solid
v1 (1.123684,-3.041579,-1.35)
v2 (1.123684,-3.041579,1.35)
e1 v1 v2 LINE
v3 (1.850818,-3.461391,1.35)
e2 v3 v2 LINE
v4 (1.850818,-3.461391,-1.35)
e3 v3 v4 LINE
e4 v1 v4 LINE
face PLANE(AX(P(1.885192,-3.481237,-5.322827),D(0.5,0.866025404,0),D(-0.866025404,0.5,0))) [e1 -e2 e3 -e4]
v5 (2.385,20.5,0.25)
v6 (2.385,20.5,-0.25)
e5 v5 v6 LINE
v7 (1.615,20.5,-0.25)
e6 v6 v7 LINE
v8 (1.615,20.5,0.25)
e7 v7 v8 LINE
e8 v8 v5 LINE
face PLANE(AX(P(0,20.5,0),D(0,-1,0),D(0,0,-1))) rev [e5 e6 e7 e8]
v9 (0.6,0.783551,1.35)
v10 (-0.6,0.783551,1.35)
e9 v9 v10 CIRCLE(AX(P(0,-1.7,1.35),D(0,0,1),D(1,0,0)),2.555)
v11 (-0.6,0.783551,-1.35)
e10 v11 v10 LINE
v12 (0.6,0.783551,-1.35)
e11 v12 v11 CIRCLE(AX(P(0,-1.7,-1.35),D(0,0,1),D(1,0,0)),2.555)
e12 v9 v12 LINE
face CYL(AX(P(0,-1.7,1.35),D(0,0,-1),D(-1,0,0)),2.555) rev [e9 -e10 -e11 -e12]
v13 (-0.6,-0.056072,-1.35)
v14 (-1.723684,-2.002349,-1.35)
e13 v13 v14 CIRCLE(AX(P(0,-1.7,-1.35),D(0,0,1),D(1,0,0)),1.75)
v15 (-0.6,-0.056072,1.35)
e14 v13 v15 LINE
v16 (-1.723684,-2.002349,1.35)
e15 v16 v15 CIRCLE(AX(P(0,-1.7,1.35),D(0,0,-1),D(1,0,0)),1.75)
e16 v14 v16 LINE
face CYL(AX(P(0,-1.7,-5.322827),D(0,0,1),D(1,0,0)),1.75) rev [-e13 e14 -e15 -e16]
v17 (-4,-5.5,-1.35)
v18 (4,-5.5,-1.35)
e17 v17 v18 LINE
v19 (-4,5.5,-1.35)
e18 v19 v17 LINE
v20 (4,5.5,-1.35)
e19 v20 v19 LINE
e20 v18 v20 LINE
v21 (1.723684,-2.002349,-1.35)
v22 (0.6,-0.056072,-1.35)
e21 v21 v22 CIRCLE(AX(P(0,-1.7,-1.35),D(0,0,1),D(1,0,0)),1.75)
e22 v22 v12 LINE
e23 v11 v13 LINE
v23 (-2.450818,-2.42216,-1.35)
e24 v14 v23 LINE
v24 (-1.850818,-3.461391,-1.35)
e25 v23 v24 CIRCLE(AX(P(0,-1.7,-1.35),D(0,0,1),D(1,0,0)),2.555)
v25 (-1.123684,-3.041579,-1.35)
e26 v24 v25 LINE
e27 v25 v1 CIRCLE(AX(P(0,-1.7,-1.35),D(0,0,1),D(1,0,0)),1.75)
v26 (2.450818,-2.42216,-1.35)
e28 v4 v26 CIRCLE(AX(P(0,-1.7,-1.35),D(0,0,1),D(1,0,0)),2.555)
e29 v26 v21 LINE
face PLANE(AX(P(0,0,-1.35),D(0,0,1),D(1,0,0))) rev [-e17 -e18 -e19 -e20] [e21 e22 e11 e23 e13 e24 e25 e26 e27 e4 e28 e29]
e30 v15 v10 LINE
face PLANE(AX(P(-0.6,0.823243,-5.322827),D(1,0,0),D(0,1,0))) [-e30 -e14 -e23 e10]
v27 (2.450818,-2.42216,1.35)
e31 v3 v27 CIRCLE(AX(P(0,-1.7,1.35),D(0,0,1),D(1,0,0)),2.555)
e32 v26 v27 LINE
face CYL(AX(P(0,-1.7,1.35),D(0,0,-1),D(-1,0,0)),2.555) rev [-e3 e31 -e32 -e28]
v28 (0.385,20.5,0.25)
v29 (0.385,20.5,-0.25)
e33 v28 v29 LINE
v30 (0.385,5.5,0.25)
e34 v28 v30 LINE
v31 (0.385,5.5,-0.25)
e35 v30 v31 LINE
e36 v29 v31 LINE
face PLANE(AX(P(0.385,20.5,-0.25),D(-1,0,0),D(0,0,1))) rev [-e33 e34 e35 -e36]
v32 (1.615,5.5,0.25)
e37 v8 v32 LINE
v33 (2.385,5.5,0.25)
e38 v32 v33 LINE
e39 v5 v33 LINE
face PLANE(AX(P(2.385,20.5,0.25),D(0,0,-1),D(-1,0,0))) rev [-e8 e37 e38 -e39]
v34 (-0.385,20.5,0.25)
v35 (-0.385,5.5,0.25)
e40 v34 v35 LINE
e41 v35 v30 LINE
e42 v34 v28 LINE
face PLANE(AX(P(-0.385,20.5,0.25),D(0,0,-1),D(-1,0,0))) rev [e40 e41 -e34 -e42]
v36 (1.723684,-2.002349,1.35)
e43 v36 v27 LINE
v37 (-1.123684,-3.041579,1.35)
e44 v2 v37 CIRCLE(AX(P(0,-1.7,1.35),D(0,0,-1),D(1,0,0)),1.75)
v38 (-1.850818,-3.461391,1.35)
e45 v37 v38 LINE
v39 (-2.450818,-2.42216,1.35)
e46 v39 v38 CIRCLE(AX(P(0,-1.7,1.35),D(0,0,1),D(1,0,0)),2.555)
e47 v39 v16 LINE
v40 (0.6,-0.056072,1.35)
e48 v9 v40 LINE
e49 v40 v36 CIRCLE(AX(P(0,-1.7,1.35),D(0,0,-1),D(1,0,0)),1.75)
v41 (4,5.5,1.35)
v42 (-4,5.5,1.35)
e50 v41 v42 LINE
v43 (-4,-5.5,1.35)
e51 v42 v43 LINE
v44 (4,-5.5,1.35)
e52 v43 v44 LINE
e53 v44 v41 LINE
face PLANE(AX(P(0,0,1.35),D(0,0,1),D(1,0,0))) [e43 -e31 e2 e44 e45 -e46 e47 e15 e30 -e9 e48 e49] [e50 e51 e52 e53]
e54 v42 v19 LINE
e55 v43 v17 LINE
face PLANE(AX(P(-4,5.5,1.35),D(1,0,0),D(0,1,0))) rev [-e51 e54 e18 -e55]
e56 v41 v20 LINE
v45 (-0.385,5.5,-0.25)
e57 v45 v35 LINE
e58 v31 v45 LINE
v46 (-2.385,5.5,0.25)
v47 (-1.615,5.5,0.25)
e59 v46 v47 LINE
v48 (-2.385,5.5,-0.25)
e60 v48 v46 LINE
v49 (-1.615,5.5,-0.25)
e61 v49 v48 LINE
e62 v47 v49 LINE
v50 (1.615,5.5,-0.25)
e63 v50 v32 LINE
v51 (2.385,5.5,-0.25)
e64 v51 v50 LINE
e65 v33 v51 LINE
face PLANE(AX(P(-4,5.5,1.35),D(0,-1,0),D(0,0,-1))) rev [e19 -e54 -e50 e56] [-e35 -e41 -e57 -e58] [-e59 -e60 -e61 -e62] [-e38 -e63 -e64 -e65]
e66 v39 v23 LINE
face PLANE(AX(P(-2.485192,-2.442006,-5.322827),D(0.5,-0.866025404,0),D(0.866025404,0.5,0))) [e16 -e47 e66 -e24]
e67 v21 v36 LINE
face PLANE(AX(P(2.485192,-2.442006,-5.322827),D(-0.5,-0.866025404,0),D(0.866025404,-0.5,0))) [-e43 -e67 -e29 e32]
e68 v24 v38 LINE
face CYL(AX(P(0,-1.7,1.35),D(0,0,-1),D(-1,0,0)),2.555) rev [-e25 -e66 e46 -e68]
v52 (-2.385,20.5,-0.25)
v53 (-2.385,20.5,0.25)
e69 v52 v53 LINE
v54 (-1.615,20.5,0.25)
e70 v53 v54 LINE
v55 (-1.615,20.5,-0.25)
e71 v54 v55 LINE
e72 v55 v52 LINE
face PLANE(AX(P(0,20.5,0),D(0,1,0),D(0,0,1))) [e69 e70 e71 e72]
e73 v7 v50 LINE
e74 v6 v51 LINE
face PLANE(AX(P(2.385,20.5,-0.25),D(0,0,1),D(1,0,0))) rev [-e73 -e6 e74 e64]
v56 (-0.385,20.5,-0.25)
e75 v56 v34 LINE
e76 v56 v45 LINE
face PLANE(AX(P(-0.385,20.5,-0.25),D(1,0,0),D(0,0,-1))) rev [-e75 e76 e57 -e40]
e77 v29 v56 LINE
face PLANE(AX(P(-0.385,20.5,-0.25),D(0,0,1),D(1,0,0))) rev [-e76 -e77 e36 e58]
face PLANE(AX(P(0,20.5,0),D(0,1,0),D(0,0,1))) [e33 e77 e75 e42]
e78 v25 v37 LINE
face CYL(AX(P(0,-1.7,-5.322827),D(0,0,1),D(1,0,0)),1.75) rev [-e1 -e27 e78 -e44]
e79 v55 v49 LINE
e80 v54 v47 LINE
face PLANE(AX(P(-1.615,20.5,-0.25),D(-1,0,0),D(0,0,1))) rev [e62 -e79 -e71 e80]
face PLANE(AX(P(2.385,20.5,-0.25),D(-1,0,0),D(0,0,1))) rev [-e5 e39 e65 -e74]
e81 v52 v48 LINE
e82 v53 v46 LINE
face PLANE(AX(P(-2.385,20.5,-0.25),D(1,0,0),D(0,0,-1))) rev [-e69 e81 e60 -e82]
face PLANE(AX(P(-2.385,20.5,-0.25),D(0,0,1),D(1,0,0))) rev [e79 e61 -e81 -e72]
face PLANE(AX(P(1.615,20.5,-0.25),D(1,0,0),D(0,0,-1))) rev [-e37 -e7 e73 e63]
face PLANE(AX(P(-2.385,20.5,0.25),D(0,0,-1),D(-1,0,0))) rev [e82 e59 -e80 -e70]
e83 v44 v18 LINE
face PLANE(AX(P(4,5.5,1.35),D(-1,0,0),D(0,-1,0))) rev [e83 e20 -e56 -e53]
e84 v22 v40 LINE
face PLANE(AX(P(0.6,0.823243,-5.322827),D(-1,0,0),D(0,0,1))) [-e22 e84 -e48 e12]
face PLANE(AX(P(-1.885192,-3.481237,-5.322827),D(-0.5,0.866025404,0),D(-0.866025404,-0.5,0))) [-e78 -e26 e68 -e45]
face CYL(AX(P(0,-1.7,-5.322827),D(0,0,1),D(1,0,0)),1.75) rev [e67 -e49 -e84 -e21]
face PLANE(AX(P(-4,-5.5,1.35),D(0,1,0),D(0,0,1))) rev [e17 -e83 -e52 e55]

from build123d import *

# Parameters (mm, degrees)
SKETCH1_W           = 8
SKETCH1_H           = 11
SKETCH1_R           = 2.555
BOSS_EXTRUDE1_DEPTH = 1.35
SKETCH2_W           = 0.77
SKETCH2_H           = 0.5
BOSS_EXTRUDE2_DEPTH = 15
BOSS_EXTRUDE3_DEPTH = 2.7


with BuildPart() as part:
    # Sketch1 → Boss-Extrude1 (new, symmetric)
    with BuildSketch(Plane.XY):
        Rectangle(SKETCH1_W, SKETCH1_H)
        with Locations(Location((0, -1.7, 0), (0, 0, 180))):
            Circle(SKETCH1_R, mode=Mode.SUBTRACT)
    extrude(amount=BOSS_EXTRUDE1_DEPTH, both=True)

    # Sketch2 → Boss-Extrude2 (add)
    with BuildSketch(Plane(origin=(0, 5.5, 0), x_dir=(1, 0, 0), z_dir=(0, 1, 0))):
        Rectangle(SKETCH2_W, SKETCH2_H)
        with Locations((-2, 0)):
            Rectangle(SKETCH2_W, SKETCH2_H)
        with Locations((2, 0)):
            Rectangle(SKETCH2_W, SKETCH2_H)
    extrude(amount=BOSS_EXTRUDE2_DEPTH)

    # Sketch4 → Boss-Extrude3 (add)
    with BuildSketch(Plane.XY.offset(1.35)):
        with BuildLine():
            Line((-0.6, 0.823242633), (-0.6, -0.056071778))
            ThreePointArc((-0.6, -0.056071778), (-1.515544457, -0.825), (-1.723683602, -2.002348869))
            Line((-1.723683602, -2.002348869), (-2.48519222, -2.442006074))
            ThreePointArc((-2.48519222, -2.442006074), (-2.246122223, -0.40320073), (-0.6, 0.823242633))
        make_face()
        with BuildLine():
            Line((0.6, 0.823242633), (0.6, -0.056071778))
            ThreePointArc((0.6, -0.056071778), (1.515544457, -0.825), (1.723683602, -2.002348869))
            Line((1.723683602, -2.002348869), (2.48519222, -2.442006074))
            ThreePointArc((2.48519222, -2.442006074), (2.246122223, -0.40320073), (0.6, 0.823242633))
        make_face()
        with BuildLine():
            Line((1.88519222, -3.481236559), (1.123683602, -3.041579353))
            ThreePointArc((1.123683602, -3.041579353), (0, -3.45), (-1.123683602, -3.041579353))
            Line((-1.123683602, -3.041579353), (-1.88519222, -3.481236559))
            ThreePointArc((-1.88519222, -3.481236559), (0, -4.29359854), (1.88519222, -3.481236559))
        make_face()
    extrude(amount=-BOSS_EXTRUDE3_DEPTH)


solid = part.part
